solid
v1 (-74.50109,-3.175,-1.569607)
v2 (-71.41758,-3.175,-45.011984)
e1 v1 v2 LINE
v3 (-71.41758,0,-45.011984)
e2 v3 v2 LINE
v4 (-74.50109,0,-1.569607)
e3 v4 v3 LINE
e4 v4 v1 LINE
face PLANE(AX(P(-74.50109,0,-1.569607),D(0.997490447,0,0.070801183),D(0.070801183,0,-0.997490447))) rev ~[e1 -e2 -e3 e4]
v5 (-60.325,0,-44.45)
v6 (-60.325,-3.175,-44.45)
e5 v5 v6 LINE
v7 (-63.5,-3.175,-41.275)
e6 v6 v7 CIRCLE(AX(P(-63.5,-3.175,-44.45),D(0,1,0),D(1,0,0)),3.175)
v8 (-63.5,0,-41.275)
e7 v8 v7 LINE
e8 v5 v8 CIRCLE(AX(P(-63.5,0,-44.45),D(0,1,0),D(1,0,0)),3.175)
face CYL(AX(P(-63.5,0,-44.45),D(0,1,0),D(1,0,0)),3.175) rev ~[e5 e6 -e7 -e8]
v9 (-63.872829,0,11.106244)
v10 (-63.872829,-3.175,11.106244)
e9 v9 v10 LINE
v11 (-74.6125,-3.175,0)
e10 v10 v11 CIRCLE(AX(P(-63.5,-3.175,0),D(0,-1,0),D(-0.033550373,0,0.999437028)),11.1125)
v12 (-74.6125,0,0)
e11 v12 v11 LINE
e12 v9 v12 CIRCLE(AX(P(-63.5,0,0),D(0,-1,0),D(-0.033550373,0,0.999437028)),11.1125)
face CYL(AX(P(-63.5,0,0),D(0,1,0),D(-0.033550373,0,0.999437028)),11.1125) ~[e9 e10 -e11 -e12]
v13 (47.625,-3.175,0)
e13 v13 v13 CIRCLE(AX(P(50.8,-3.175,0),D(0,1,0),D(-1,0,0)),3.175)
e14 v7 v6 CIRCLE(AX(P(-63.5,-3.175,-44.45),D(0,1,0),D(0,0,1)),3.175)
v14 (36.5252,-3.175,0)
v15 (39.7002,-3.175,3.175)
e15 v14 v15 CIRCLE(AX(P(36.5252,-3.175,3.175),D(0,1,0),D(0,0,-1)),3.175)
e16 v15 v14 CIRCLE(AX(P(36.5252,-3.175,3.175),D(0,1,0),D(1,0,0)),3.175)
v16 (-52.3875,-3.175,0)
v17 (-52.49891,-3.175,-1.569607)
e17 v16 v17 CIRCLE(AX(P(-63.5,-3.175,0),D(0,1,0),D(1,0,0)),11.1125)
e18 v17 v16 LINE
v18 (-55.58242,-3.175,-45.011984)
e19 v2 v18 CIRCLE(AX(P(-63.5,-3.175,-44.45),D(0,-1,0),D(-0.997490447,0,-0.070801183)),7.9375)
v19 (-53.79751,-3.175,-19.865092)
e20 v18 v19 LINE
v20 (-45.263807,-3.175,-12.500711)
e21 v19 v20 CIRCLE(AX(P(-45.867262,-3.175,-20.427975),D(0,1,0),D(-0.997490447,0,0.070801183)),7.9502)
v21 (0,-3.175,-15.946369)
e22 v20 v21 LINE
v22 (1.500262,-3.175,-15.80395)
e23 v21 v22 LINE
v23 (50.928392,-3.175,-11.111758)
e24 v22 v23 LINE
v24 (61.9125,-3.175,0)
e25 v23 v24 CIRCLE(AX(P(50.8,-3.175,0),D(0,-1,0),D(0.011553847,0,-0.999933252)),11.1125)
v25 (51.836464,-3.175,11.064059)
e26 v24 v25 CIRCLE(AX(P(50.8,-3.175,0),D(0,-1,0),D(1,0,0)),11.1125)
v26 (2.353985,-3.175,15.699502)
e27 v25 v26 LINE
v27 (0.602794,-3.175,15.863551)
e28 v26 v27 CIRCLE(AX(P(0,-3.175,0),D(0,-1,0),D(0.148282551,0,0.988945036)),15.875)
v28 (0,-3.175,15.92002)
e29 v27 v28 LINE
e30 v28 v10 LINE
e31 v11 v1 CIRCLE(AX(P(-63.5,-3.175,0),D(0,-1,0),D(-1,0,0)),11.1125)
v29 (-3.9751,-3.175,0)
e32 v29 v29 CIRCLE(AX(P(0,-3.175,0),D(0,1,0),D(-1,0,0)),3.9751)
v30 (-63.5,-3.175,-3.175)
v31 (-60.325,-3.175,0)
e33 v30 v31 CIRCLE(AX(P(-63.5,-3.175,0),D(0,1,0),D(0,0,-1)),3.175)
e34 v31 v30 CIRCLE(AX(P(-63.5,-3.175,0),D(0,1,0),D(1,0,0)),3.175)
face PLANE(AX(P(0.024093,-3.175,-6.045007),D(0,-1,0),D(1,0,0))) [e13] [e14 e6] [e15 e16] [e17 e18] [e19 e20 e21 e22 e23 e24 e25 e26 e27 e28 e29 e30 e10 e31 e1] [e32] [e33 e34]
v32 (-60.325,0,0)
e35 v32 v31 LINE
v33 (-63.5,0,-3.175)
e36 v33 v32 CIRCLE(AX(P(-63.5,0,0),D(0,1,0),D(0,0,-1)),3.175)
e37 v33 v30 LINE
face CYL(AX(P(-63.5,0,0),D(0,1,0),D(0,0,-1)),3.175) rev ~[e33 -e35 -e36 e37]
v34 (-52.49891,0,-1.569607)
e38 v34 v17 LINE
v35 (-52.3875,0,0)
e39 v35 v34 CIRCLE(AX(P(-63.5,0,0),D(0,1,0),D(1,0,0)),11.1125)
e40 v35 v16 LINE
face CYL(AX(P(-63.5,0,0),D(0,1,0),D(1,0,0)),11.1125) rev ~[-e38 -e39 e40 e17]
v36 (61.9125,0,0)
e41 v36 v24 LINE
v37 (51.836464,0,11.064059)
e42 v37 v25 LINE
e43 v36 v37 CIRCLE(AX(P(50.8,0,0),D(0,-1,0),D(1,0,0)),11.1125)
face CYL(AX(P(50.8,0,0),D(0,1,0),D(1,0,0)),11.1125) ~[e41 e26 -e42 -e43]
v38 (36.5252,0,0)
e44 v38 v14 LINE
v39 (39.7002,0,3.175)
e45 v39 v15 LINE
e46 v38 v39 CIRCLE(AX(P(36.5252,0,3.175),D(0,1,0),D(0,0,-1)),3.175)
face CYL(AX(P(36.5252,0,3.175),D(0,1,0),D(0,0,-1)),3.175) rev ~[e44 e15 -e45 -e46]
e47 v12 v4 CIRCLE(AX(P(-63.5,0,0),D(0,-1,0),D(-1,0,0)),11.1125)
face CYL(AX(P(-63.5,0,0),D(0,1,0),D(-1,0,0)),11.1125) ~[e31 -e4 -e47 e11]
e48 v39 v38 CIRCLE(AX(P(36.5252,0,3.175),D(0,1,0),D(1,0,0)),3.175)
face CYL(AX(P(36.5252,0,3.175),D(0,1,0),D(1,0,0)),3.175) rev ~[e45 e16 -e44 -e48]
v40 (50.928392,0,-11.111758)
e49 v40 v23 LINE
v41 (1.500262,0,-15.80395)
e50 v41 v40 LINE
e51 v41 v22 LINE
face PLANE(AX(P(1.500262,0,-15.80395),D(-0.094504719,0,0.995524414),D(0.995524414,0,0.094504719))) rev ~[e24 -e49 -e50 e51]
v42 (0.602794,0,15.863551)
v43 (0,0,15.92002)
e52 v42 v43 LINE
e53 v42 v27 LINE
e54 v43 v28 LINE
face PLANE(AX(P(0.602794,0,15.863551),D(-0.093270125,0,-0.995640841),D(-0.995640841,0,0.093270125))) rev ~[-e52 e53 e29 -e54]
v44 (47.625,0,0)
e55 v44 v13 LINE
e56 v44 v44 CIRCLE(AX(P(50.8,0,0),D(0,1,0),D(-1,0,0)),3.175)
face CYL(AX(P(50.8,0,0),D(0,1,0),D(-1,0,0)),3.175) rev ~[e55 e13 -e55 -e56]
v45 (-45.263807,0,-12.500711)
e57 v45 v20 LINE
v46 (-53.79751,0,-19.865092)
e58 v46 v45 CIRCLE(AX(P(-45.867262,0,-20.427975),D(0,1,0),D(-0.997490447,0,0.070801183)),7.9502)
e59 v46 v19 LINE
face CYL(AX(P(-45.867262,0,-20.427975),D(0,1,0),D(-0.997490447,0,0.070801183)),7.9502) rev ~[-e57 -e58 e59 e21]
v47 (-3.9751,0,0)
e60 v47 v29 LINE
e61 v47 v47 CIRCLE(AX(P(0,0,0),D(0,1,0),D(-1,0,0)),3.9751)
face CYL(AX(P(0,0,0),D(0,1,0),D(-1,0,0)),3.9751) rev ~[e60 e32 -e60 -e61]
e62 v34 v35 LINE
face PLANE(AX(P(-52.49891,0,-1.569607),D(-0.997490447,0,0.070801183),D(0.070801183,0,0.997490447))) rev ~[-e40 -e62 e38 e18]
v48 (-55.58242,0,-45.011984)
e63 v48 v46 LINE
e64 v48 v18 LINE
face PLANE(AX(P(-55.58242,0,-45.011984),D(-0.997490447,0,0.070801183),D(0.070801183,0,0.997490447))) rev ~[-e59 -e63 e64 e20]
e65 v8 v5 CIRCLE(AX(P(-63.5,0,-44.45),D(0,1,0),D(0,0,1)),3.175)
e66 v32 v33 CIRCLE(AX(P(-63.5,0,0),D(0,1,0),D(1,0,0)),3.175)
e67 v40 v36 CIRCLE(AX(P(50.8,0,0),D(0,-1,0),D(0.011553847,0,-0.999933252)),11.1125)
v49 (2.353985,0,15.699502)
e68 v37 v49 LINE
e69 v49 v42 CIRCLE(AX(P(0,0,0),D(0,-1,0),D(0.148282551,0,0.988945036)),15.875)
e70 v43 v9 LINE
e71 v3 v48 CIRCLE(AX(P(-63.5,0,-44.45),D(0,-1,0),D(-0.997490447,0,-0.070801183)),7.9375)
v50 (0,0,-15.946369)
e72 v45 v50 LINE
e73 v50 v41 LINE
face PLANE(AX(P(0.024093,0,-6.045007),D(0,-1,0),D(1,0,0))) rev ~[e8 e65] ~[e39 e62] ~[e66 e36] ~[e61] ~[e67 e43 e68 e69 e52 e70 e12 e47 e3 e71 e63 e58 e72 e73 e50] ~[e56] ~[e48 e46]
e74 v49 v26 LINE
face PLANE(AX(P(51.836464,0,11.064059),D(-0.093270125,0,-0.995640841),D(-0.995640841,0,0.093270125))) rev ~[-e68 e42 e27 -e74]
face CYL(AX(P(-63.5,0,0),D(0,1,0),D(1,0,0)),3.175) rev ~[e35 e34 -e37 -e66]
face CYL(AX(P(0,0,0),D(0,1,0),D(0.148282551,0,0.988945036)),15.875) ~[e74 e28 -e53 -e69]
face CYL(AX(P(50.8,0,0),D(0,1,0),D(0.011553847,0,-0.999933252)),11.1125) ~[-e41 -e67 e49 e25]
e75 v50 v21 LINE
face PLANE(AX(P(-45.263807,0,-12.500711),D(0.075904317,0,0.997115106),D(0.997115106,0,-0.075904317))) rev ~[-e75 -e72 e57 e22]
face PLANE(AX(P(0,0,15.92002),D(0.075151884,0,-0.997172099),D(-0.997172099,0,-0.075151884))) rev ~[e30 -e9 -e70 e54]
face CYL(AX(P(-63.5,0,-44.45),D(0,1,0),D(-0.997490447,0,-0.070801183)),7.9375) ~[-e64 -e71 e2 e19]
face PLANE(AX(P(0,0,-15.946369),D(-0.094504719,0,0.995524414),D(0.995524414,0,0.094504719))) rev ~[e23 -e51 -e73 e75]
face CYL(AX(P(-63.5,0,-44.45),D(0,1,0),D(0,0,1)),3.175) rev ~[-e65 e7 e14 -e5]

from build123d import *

# Parameters (mm, degrees)
F1_DEPTH = 3.175


with BuildPart() as f1:
    # F0 (on Front) → F1 (new body)
    with BuildSketch(Plane.XZ):
        with BuildLine():
            Line((15.875, 0), (3.9751, 0))
            ThreePointArc((3.9751, 0), (0, -3.9751), (-3.9751, 0))
            Line((-3.9751, 0), (-15.875, 0))
            ThreePointArc((-15.875, 0), (-10.6817358486, -11.7437704448), (1.5002622689, -15.8039500798))
            ThreePointArc((1.5002622689, -15.8039500798), (11.7437704448, -10.6817358486), (15.875, 0))
        make_face()
        with BuildLine():
            ThreePointArc((-3.9751, 0), (0, 3.9751), (3.9751, 0))
            Line((3.9751, 0), (15.875, 0))
            ThreePointArc((15.875, 0), (12.0288225692, 10.3596840009), (2.3539854993, 15.6995024529))
            Line((2.3539854993, 15.6995024529), (0.6027935511, 15.8635514603))
            ThreePointArc((0.6027935511, 15.8635514603), (-0.2955948224, 15.872247752), (-1.1930364393, 15.8301070449))
            ThreePointArc((-1.1930364393, 15.8301070449), (-11.6394819145, 10.7952807172), (-15.875, 0))
            Line((-15.875, 0), (-3.9751, 0))
        make_face()
        with BuildLine():
            Line((36.5252, 0), (15.875, 0))
            ThreePointArc((15.875, 0), (11.7437704448, -10.6817358486), (1.5002622689, -15.8039500798))
            Line((1.5002622689, -15.8039500798), (50.9283921277, -11.1117582637))
            ThreePointArc((50.9283921277, -11.1117582637), (42.9878012464, -7.9029872127), (39.6875, 0))
            Line((39.6875, 0), (36.5252, 0))
        make_face()
        with BuildLine():
            ThreePointArc((2.3539854993, 15.6995024529), (12.0288225692, 10.3596840009), (15.875, 0))
            Line((15.875, 0), (36.5252, 0))
            Line((36.5252, 0), (39.6875, 0))
            ThreePointArc((39.6875, 0), (43.3176892897, 8.2160016239), (51.8364642626, 11.064058843))
            Line((51.8364642626, 11.064058843), (2.3539854993, 15.6995024529))
        make_face()
        with BuildLine():
            ThreePointArc((39.7002, 3.175), (38.7702640303, 0.9299359697), (36.5252, 0))
            ThreePointArc((36.5252, 0), (34.2801359697, 5.4200640303), (39.7002, 3.175))
        make_face(mode=Mode.SUBTRACT)
        with BuildLine():
            Line((-52.3875, 0), (-15.875, 0))
            ThreePointArc((-15.875, 0), (-11.6394819145, 10.7952807172), (-1.1930364393, 15.8301070449))
            Line((-1.1930364393, 15.8301070449), (-63.8728285154, 11.1062439712))
            ThreePointArc((-63.8728285154, 11.1062439712), (-55.7752152337, 7.9884514497), (-52.3875, 0))
        make_face()
        with BuildLine():
            ThreePointArc((1.5002622689, -15.8039500798), (-10.6817358486, -11.7437704448), (-15.875, 0))
            Line((-15.875, 0), (-52.3875, 0))
            ThreePointArc((-52.3875, 0), (-52.4153874044, -0.7867781489), (-52.4989096478, -1.5696073753))
            ThreePointArc((-52.4989096478, -1.5696073753), (-56.2183314312, -8.3943408975), (-63.5, -11.1125))
            Line((-63.5, -11.1125), (-63.5, -36.5125))
            ThreePointArc((-63.5, -36.5125), (-57.8873399243, -38.8373399243), (-55.5625, -44.45))
            ThreePointArc((-55.5625, -44.45), (-55.5674814568, -44.7311686533), (-55.5824195746, -45.0119843921))
            Line((-55.5824195746, -45.0119843921), (-53.7975104819, -19.8650915378))
            ThreePointArc((-53.7975104819, -19.8650915378), (-51.0613936601, -14.4091151142), (-45.2638074239, -12.5007105892))
            Line((-45.2638074239, -12.5007105892), (0, -15.9463693532))
            Line((0, -15.9463693532), (1.5002622689, -15.8039500798))
        make_face()
        with BuildLine():
            Line((0.6027935511, 15.8635514603), (2.3539854993, 15.6995024529))
            ThreePointArc((2.3539854993, 15.6995024529), (1.4806632323, 15.8057983472), (0.6027935511, 15.8635514603))
        make_face()
        with BuildLine():
            Line((0, 15.9200202465), (-1.1930364393, 15.8301070449))
            ThreePointArc((-1.1930364393, 15.8301070449), (-0.2955948224, 15.872247752), (0.6027935511, 15.8635514603))
            Line((0.6027935511, 15.8635514603), (0, 15.9200202465))
        make_face()
        with BuildLine():
            Line((-60.325, 0), (-52.3875, 0))
            ThreePointArc((-52.3875, 0), (-55.7752152337, 7.9884514497), (-63.8728285154, 11.1062439712))
            ThreePointArc((-63.8728285154, 11.1062439712), (-71.4884514497, 7.7247847663), (-74.6125, 0))
            Line((-74.6125, 0), (-74.5010903522, -1.5696073753))
            ThreePointArc((-74.5010903522, -1.5696073753), (-70.7816685688, -8.3943408975), (-63.5, -11.1125))
            Line((-63.5, -11.1125), (-63.5, -3.175))
            ThreePointArc((-63.5, -3.175), (-65.7450640303, 2.2450640303), (-60.325, 0))
        make_face()
        with BuildLine():
            ThreePointArc((61.9125, 0), (59.0160016239, 7.4823107103), (51.8364642626, 11.064058843))
            ThreePointArc((51.8364642626, 11.064058843), (43.3176892897, 8.2160016239), (39.6875, 0))
            ThreePointArc((39.6875, 0), (42.9878012464, -7.9029872127), (50.9283921277, -11.1117582637))
            ThreePointArc((50.9283921277, -11.1117582637), (58.7029872127, -7.8121987536), (61.9125, 0))
        make_face()
        with BuildLine():
            ThreePointArc((53.975, 0), (50.8, -3.175), (47.625, 0))
            ThreePointArc((47.625, 0), (50.8, 3.175), (53.975, 0))
        make_face(mode=Mode.SUBTRACT)
        with BuildLine():
            Line((-74.5010903522, -1.5696073753), (-74.6125, 0))
            ThreePointArc((-74.6125, 0), (-74.5846125956, -0.7867781489), (-74.5010903522, -1.5696073753))
        make_face()
        with BuildLine():
            Line((-63.5, -36.5125), (-63.5, -11.1125))
            ThreePointArc((-63.5, -11.1125), (-70.7816685688, -8.3943408975), (-74.5010903522, -1.5696073753))
            Line((-74.5010903522, -1.5696073753), (-71.4175804254, -45.0119843921))
            ThreePointArc((-71.4175804254, -45.0119843921), (-69.3079539152, -39.0396786076), (-63.5, -36.5125))
        make_face()
        with BuildLine():
            ThreePointArc((-55.5625, -44.45), (-57.8873399243, -38.8373399243), (-63.5, -36.5125))
            ThreePointArc((-63.5, -36.5125), (-69.3079539152, -39.0396786076), (-71.4175804254, -45.0119843921))
            ThreePointArc((-71.4175804254, -45.0119843921), (-63.5, -52.3875), (-55.5824195746, -45.0119843921))
            ThreePointArc((-55.5824195746, -45.0119843921), (-55.5674814568, -44.7311686533), (-55.5625, -44.45))
        make_face()
        with BuildLine():
            ThreePointArc((-60.325, -44.45), (-65.7450640303, -46.6950640303), (-63.5, -41.275))
            ThreePointArc((-63.5, -41.275), (-61.2549359697, -42.2049359697), (-60.325, -44.45))
        make_face(mode=Mode.SUBTRACT)
        with BuildLine():
            Line((-52.4989096478, -1.5696073753), (-52.3875, 0))
            Line((-52.3875, 0), (-60.325, 0))
            ThreePointArc((-60.325, 0), (-61.2549359697, -2.2450640303), (-63.5, -3.175))
            Line((-63.5, -3.175), (-63.5, -11.1125))
            ThreePointArc((-63.5, -11.1125), (-56.2183314312, -8.3943408975), (-52.4989096478, -1.5696073753))
        make_face()
    extrude(amount=F1_DEPTH)


solid = f1.part
